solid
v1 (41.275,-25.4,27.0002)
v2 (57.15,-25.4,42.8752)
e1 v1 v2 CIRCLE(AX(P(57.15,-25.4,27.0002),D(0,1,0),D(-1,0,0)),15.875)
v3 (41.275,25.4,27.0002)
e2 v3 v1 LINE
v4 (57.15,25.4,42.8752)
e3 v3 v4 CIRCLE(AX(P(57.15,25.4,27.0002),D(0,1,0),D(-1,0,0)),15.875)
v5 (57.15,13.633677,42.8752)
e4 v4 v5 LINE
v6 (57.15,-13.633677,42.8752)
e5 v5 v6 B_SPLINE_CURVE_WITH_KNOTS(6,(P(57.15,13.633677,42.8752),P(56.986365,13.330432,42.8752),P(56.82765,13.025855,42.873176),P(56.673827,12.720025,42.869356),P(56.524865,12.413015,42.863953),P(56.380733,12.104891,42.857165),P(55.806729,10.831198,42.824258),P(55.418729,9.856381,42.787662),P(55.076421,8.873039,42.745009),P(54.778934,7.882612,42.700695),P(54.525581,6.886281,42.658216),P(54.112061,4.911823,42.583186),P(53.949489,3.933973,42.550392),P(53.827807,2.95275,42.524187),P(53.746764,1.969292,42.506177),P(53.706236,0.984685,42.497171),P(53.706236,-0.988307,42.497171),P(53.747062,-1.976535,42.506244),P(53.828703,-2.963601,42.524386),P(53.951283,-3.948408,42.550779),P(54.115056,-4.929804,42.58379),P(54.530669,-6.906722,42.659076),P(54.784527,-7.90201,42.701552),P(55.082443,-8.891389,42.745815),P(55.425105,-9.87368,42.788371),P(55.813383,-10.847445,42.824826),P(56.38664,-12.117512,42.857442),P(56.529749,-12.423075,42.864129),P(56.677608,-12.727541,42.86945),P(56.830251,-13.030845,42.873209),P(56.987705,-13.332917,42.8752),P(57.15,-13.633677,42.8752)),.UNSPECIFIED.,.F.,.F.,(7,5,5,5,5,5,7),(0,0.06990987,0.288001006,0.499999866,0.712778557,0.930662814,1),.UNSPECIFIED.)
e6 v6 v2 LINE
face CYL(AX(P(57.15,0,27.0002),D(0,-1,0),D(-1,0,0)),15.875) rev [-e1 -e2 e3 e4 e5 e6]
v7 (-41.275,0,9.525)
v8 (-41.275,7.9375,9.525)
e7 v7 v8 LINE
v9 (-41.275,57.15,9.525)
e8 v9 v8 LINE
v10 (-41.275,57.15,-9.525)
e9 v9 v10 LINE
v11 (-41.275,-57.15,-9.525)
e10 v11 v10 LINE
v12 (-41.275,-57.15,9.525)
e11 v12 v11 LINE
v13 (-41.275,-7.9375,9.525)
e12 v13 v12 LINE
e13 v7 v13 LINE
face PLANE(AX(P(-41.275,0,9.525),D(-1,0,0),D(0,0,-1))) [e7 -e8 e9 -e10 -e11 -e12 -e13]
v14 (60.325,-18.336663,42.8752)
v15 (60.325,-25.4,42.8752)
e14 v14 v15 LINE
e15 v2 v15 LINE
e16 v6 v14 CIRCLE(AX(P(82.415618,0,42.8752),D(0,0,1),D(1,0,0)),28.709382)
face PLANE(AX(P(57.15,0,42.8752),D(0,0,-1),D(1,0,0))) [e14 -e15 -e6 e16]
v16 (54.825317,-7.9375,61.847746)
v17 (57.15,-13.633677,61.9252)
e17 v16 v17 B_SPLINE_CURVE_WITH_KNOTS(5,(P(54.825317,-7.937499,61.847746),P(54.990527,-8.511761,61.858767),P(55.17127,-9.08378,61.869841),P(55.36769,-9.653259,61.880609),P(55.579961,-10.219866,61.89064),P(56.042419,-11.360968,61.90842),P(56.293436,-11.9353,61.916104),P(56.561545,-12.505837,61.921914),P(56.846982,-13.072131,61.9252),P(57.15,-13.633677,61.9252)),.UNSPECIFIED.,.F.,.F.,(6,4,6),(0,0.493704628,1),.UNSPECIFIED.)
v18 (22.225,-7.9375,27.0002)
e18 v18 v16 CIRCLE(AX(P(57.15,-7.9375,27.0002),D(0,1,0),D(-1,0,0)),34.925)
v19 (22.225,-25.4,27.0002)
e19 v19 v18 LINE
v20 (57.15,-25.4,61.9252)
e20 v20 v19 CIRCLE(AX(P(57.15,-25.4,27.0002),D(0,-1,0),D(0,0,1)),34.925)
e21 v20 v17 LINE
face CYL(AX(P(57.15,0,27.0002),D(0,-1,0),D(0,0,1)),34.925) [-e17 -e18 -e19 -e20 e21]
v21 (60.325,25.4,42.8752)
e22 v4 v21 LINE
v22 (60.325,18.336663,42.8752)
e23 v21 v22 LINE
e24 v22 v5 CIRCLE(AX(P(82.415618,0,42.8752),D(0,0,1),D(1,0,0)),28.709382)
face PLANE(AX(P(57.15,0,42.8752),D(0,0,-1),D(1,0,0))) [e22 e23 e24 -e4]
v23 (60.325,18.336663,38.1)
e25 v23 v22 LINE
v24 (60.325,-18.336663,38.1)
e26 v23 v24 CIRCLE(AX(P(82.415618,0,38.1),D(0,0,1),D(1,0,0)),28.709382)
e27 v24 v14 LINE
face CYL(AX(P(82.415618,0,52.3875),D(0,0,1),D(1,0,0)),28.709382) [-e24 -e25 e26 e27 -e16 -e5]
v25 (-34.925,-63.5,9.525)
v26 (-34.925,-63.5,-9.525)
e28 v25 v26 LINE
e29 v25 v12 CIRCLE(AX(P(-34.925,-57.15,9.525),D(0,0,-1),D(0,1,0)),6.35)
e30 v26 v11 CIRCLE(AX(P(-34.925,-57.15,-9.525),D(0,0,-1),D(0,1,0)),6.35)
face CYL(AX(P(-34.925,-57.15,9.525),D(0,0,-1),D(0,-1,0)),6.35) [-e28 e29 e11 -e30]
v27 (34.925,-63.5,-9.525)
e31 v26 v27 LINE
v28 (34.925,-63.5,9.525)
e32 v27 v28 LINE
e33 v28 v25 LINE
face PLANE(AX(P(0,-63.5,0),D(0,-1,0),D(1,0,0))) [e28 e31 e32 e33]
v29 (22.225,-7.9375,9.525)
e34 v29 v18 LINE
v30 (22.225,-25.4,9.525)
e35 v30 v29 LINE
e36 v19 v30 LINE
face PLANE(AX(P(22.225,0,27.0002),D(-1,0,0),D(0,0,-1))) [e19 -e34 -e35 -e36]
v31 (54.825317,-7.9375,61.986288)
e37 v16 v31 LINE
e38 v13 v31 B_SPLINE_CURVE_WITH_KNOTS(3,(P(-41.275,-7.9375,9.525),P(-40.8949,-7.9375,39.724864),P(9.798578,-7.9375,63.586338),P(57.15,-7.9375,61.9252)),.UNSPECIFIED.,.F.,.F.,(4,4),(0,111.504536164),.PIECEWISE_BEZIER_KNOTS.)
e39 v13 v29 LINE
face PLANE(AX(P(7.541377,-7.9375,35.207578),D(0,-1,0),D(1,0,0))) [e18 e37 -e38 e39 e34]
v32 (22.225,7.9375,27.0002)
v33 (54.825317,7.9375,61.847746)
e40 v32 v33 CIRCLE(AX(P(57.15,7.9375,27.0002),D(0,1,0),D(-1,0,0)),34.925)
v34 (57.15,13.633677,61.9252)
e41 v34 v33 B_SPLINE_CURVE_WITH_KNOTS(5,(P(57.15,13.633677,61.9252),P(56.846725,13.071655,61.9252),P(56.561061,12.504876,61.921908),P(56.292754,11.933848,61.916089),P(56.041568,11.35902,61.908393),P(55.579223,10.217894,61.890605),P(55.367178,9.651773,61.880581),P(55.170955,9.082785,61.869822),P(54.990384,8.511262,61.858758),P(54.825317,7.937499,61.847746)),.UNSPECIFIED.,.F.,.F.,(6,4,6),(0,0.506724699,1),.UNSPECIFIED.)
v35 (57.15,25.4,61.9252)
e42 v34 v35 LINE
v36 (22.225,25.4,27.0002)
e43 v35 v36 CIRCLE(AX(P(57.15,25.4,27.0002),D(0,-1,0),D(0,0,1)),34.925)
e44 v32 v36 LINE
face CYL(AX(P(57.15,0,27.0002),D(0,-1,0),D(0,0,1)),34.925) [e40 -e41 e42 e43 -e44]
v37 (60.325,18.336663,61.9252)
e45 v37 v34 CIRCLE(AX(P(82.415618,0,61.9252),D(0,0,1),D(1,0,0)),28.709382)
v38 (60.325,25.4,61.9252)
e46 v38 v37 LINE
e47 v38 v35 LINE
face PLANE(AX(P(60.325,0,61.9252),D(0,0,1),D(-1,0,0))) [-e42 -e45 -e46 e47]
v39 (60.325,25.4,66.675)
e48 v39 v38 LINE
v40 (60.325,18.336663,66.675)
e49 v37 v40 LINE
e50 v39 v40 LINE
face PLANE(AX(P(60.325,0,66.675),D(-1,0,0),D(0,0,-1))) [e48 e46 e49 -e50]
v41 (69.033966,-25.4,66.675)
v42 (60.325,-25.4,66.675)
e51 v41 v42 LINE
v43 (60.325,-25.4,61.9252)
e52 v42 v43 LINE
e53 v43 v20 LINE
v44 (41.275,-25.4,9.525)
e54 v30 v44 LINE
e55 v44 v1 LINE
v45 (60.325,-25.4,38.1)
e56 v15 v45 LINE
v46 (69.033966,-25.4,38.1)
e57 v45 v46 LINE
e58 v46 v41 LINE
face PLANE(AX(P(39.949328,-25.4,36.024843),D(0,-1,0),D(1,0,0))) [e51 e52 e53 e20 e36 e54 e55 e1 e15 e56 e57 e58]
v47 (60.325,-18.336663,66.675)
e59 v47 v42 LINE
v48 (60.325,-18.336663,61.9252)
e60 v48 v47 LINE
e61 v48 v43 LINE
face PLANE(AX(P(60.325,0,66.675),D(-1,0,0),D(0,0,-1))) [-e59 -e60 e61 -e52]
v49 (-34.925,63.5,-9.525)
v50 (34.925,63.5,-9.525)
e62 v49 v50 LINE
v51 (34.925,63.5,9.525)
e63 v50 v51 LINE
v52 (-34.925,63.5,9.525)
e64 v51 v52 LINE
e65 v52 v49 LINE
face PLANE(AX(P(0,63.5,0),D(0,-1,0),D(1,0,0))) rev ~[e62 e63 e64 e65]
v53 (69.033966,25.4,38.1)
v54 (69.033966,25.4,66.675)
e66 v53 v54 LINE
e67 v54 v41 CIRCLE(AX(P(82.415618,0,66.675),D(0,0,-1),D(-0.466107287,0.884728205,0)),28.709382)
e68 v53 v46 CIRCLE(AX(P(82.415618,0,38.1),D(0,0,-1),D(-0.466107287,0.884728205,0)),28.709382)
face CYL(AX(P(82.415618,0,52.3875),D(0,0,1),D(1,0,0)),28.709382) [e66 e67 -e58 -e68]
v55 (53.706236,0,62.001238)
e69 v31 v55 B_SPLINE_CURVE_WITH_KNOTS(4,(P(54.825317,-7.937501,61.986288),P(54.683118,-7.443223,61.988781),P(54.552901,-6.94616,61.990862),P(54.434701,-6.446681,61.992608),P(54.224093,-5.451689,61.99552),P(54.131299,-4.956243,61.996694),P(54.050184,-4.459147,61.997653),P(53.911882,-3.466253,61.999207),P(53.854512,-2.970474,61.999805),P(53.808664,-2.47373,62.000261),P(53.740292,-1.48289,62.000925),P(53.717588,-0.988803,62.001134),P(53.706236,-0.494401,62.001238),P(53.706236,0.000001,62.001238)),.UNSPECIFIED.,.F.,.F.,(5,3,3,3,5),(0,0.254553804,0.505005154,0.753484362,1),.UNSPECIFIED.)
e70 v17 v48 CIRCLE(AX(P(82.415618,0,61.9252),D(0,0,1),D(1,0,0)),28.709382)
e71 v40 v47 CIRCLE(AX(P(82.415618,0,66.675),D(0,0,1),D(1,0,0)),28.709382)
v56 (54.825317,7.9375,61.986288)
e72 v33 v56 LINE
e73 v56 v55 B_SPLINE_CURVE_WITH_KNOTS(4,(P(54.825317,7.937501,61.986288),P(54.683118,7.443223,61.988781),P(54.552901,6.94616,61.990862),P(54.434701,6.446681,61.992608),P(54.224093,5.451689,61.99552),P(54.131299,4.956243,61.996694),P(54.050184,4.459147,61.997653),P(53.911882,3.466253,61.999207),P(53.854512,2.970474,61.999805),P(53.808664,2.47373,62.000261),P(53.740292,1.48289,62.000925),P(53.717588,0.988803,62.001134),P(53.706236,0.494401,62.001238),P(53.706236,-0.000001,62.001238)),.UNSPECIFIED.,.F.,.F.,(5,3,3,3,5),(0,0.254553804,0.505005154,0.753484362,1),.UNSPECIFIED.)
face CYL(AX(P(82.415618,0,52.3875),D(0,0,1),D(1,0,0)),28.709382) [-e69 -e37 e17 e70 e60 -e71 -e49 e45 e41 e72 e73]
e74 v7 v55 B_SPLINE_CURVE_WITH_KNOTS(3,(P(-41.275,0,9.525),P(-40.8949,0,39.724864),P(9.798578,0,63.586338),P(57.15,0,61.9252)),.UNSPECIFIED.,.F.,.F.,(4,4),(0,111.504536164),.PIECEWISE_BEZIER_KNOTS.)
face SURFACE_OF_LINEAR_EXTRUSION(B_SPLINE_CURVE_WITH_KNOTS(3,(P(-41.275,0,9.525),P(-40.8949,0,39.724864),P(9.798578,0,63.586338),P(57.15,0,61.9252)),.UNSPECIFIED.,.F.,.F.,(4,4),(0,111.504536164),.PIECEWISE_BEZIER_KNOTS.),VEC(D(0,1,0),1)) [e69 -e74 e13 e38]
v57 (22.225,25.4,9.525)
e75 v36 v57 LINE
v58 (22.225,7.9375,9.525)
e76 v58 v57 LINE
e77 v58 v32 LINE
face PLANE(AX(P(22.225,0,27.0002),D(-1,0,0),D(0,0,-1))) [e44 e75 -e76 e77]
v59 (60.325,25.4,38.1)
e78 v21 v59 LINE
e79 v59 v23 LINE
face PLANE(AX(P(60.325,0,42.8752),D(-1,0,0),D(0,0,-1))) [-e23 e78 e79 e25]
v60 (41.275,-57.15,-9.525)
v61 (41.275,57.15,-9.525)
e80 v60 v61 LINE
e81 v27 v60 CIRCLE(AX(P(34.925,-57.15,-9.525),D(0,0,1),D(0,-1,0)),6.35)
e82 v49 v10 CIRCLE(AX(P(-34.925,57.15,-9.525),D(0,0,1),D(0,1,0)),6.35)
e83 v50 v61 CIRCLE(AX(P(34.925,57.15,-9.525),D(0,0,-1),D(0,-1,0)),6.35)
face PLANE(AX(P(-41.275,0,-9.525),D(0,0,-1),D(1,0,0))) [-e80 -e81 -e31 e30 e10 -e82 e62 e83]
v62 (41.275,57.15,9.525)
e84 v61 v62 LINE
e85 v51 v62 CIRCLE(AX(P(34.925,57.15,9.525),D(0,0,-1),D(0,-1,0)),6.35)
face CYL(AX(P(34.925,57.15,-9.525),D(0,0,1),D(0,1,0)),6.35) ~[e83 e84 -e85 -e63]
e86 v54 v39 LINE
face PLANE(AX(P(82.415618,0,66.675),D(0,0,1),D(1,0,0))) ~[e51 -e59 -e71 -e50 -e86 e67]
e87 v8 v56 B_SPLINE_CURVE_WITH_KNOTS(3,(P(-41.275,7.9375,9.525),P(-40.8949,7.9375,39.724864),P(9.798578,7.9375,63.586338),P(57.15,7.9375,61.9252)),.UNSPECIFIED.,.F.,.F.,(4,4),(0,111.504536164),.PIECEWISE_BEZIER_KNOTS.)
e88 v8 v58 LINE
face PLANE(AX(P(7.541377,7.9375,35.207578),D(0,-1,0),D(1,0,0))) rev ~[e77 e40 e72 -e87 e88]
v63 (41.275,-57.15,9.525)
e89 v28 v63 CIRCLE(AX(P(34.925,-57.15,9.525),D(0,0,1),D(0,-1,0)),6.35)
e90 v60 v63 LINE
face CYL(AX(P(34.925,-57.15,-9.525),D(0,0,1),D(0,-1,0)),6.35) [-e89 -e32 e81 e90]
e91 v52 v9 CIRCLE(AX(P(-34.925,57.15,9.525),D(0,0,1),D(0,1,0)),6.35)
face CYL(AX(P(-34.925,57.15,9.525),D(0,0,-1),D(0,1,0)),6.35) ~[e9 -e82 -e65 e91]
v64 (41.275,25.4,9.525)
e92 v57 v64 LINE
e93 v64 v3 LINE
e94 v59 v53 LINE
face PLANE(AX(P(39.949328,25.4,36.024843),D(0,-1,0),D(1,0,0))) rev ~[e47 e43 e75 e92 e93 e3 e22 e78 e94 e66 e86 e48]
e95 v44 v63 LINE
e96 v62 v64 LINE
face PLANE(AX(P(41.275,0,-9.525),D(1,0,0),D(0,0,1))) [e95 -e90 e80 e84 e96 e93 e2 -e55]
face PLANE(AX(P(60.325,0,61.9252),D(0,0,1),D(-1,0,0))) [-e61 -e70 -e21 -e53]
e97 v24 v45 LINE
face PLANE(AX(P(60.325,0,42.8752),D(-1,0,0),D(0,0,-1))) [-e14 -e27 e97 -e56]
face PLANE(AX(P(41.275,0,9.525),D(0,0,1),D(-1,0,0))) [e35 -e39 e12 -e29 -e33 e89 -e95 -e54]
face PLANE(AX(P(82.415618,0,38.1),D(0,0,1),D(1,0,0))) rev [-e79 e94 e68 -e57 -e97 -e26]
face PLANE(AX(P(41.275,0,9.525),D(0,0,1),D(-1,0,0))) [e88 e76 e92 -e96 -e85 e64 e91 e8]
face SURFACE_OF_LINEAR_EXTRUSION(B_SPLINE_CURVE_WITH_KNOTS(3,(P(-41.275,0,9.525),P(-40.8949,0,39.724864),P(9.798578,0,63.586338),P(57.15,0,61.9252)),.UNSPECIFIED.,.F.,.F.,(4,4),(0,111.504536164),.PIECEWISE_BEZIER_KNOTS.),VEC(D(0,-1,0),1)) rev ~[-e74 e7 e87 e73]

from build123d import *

# Parameters (mm, degrees)
F1_DEPTH = 63.5
F2_DEPTH = 25.4
F3_DEPTH = 7.9375
F0_W     = 28.7093819976
F0_H     = 28.575
F5_R     = 6.35


with BuildPart() as f1:
    # F0 (on Front) → F1 (new body, symmetric)
    with BuildSketch(Plane.XZ):
        Polygon((41.275, -9.525), (41.275, 9.525), (22.225, 9.525), (-41.275, 9.525), (-41.275, -9.525), align=None)
    extrude(amount=F1_DEPTH, both=True)

    # F0 (on Front) → F2 (join, symmetric)
    with BuildSketch(Plane.XZ):
        with BuildLine():
            Line((22.225, 9.525), (41.275, 9.525))
            Line((41.275, 9.525), (41.275, 27.0002))
            ThreePointArc((41.275, 27.0002), (45.9246798487, 38.2255201513), (57.15, 42.8752))
            Line((57.15, 42.8752), (60.325, 42.8752))
            Line((60.325, 42.8752), (60.325, 61.9252))
            Line((60.325, 61.9252), (57.15, 61.9252))
            ThreePointArc((57.15, 61.9252), (32.4542956671, 51.6959043329), (22.225, 27.0002))
            Line((22.225, 27.0002), (22.225, 9.525))
        make_face()
        Polygon((60.325, 61.9252), (60.325, 42.8752), (60.325, 38.1), (82.4156180024, 38.1), (82.4156180024, 66.675), (60.325, 66.675), align=None)
    extrude(amount=F2_DEPTH, both=True)

    # F0 (on Front) → F3 (join, symmetric)
    with BuildSketch(Plane.XZ):
        with BuildLine():
            Line((-41.275, 9.525), (22.225, 9.525))
            Line((22.225, 9.525), (22.225, 27.0002))
            ThreePointArc((22.225, 27.0002), (32.4542956671, 51.6959043329), (57.15, 61.9252))
            add(Edge.make_bspline(
                [(-41.275, 9.525), (-40.8948995173, 39.7248640656), (9.798577653, 63.5863382701), (57.15, 61.9252)],
                knots=[0, 0, 0, 0, 111.5045361635, 111.5045361635, 111.5045361635, 111.5045361635], degree=3))
        make_face()
    extrude(amount=F3_DEPTH, both=True)

    # F0 (on Front) → F4 (revolve)
    with BuildSketch(Plane.XZ):
        with Locations((96.7703090012, 52.3875)):
            Rectangle(F0_W, F0_H)
    revolve(axis=Axis((82.4156180024, 0, 52.3875), (0, 0, 1)))

    # F5
    f5_edges = [f1.edges().sort_by_distance(p)[0] for p in [
        (-41.275, -63.5, 0),
        (41.275, -63.5, 0),
        (41.275, 63.5, 0),
        (-41.275, 63.5, 0),
    ]]
    fillet(f5_edges, radius=F5_R)


solid = f1.part
